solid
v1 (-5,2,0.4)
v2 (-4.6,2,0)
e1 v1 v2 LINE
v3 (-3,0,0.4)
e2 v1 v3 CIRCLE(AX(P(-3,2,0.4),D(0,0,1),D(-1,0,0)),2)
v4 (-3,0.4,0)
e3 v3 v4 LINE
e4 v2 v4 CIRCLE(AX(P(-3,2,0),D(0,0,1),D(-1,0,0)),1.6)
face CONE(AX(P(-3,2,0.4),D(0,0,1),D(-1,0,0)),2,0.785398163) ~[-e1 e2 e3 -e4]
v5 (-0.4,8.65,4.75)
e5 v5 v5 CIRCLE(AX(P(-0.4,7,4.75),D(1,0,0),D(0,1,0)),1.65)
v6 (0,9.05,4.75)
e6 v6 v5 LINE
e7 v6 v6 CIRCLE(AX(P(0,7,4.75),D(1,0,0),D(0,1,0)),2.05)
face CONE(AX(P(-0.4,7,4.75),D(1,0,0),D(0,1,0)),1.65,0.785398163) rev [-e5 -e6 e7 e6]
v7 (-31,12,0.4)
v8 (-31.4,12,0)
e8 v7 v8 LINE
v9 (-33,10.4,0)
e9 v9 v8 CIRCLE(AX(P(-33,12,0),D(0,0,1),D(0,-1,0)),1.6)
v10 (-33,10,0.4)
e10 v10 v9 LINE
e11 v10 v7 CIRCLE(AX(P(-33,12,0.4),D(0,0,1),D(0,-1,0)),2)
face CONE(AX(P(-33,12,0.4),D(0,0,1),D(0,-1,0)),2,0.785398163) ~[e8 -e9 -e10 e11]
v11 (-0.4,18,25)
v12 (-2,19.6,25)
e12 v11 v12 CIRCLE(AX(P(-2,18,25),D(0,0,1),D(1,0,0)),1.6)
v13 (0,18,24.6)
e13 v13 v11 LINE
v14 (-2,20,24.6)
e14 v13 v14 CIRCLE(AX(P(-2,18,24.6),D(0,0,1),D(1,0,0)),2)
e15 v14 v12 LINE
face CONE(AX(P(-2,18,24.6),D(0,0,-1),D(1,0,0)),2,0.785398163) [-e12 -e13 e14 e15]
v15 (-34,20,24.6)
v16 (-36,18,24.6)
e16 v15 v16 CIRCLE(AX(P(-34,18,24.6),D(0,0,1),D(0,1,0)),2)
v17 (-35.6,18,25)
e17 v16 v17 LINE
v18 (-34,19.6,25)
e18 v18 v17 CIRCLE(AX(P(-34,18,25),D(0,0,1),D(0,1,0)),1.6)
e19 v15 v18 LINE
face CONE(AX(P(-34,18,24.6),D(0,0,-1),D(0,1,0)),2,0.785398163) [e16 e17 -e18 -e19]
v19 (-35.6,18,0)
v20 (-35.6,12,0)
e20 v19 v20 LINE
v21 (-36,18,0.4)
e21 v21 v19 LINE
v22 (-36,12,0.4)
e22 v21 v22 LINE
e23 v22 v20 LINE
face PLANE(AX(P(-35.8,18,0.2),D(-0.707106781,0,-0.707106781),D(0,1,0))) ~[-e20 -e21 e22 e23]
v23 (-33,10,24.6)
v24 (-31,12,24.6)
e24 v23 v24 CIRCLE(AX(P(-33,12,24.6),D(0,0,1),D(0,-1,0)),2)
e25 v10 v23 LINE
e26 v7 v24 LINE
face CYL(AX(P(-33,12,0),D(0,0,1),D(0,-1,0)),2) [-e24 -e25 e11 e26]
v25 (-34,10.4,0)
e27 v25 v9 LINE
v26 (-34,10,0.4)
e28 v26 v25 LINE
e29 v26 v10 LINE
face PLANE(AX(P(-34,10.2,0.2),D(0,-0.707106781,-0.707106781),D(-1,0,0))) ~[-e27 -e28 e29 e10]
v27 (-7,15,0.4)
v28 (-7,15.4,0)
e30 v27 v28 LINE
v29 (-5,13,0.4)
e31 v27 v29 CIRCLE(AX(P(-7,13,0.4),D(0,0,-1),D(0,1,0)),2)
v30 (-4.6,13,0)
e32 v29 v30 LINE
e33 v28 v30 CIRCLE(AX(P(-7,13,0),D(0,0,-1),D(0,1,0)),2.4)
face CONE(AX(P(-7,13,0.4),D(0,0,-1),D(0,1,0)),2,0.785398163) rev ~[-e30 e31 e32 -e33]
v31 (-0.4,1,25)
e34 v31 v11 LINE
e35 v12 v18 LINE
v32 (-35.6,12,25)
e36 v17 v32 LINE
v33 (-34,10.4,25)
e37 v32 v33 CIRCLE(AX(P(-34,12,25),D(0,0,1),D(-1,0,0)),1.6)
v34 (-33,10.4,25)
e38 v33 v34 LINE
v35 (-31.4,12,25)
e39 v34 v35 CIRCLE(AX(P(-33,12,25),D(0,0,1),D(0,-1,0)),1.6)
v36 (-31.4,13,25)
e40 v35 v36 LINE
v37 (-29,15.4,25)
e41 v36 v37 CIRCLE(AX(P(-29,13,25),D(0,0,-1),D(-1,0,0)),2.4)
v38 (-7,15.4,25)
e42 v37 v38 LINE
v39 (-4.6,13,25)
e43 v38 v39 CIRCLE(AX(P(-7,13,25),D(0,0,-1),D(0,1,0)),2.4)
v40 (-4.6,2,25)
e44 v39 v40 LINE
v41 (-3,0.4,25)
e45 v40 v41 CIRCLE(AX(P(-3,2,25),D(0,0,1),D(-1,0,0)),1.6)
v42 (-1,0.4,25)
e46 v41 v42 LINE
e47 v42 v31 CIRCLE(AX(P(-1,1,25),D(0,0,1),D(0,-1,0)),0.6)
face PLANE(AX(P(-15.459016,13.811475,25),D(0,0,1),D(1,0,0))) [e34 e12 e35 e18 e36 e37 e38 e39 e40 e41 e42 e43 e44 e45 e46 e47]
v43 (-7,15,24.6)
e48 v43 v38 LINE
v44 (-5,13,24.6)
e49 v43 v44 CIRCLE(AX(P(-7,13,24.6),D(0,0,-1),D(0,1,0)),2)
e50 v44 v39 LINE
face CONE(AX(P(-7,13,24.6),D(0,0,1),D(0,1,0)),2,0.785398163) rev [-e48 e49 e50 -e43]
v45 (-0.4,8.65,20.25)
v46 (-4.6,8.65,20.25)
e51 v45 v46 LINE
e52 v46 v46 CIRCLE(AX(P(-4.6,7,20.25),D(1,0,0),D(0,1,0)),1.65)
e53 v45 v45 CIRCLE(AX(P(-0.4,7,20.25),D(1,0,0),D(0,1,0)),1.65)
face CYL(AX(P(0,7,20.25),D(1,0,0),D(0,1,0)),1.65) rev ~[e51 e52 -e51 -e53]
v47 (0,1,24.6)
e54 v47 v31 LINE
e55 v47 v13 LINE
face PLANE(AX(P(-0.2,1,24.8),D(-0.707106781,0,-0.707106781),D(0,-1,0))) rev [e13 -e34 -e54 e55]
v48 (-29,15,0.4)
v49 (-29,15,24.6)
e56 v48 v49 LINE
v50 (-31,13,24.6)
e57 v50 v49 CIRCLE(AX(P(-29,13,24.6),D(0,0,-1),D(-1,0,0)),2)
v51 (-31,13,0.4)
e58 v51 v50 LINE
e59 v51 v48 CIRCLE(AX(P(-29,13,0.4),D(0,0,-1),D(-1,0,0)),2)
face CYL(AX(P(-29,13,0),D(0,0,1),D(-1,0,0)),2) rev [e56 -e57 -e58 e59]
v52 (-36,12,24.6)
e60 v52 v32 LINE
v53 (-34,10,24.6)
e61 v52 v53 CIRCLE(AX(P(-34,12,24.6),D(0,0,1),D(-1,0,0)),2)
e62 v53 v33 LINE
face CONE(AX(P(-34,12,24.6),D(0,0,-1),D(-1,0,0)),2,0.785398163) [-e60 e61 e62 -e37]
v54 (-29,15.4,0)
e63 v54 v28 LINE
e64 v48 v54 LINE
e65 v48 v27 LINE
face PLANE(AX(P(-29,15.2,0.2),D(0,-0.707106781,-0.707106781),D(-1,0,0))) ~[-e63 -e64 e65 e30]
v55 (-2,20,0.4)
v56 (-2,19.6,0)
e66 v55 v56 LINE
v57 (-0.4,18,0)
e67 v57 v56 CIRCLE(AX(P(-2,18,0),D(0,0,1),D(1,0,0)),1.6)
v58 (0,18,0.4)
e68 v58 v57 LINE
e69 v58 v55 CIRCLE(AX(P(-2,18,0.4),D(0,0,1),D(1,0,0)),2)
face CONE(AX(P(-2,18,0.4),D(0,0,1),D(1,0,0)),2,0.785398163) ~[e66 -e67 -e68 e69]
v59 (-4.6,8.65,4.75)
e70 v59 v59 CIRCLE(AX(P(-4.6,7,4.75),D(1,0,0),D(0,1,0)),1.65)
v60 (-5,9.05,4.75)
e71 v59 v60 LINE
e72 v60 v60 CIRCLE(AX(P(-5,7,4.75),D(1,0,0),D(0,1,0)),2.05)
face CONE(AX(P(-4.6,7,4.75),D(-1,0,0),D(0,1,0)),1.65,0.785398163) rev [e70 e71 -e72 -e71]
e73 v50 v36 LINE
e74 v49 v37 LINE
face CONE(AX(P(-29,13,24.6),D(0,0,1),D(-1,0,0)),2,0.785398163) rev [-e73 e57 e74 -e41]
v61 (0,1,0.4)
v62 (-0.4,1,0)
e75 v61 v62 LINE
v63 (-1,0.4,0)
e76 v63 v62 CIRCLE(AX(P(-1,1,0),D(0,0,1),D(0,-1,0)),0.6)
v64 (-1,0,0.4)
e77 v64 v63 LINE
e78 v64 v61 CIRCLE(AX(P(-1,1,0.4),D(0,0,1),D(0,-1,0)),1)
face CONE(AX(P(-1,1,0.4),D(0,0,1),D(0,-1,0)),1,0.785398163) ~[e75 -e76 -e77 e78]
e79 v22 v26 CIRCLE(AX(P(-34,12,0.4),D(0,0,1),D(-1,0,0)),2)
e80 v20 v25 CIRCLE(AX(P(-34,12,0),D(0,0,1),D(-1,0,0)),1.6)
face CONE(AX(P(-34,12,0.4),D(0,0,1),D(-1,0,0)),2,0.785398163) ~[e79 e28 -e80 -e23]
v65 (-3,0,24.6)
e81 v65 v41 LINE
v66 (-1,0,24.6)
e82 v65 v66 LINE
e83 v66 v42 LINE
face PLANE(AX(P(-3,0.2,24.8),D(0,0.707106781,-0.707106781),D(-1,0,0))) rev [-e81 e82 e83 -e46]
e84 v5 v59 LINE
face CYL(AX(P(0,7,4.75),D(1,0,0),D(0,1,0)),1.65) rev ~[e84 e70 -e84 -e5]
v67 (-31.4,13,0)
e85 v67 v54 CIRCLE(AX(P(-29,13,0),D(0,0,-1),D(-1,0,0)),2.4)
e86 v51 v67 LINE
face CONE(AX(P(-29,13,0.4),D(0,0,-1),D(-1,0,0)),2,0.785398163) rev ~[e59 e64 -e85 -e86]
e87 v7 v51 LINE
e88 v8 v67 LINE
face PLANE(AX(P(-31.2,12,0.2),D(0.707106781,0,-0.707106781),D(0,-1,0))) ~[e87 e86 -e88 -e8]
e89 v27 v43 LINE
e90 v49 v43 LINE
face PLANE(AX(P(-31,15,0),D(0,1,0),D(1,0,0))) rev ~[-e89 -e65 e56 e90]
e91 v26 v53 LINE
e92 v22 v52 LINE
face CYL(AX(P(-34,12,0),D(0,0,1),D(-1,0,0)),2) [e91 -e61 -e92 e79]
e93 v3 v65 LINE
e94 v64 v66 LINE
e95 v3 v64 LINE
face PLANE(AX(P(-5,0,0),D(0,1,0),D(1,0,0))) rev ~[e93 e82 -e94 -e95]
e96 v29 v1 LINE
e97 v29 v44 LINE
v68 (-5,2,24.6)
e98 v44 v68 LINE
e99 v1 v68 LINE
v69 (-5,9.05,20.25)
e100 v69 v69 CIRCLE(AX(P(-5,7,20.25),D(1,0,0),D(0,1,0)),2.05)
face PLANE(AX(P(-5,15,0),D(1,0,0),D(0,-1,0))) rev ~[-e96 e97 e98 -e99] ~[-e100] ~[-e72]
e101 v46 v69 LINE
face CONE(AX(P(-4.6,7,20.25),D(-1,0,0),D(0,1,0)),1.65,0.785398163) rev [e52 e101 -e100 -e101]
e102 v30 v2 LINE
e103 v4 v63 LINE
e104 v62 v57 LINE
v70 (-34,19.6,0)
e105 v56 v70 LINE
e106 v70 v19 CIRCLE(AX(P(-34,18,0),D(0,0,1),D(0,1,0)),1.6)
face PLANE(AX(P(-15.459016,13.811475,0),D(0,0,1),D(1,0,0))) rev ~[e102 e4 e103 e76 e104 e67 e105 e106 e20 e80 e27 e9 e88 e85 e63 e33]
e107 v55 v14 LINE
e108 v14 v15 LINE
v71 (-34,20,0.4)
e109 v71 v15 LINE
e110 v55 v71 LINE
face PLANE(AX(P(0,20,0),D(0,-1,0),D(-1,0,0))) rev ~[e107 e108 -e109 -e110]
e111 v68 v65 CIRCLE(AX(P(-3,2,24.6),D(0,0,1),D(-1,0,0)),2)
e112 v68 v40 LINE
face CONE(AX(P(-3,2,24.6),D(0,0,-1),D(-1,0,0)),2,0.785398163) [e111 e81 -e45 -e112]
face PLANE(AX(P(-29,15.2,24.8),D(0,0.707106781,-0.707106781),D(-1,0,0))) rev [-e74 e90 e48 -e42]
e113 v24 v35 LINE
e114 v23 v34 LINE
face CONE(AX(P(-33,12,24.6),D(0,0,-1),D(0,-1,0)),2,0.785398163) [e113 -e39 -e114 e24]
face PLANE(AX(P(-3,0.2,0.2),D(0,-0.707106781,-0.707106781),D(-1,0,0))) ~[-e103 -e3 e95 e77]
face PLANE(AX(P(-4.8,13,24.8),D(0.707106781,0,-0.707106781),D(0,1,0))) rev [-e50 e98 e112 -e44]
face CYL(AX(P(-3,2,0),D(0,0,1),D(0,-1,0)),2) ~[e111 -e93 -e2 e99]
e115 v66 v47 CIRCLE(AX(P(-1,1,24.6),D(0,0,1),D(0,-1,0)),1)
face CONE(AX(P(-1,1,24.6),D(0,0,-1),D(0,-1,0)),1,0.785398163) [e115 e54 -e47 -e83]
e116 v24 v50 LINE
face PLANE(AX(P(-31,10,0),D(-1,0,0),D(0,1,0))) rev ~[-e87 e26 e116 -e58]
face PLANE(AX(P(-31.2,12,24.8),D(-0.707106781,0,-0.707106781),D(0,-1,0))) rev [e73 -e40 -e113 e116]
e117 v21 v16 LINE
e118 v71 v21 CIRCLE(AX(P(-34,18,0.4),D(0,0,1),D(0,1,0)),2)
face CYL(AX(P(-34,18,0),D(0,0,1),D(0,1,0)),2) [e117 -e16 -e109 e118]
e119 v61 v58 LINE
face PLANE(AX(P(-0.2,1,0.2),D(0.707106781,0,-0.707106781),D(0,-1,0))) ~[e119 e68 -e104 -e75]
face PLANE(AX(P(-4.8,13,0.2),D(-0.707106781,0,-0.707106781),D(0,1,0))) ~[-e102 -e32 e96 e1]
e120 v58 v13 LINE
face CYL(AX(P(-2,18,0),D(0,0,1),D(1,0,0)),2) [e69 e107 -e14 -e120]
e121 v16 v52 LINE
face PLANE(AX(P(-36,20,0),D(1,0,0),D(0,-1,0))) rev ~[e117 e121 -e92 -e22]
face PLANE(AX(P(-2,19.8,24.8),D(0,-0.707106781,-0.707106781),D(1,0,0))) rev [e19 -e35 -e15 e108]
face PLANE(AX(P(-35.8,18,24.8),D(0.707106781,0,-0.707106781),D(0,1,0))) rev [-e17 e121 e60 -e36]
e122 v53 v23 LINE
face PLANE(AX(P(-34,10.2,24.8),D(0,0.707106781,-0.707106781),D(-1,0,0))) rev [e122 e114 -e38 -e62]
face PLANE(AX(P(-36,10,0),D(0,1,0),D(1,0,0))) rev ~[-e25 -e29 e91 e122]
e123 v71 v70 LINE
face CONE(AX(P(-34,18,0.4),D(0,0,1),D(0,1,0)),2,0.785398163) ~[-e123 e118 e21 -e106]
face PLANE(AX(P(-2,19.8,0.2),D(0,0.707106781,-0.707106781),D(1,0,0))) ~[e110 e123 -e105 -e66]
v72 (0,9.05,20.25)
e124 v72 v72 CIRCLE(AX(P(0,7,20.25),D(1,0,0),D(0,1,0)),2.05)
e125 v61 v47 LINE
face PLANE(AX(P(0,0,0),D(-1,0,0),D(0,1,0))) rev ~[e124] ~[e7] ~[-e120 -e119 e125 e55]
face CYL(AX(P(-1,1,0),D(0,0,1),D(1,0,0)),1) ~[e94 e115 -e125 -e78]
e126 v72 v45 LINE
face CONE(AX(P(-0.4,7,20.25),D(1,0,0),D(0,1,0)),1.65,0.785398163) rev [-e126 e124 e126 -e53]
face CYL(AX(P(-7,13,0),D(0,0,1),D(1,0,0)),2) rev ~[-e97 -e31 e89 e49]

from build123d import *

# Parameters (mm, degrees)
PAD009_DEPTH       = 25
SKETCH036_R        = 1.65
POCKET025_DEPTH    = 36.001
FILLET009_R        = 2
FILLET010_R        = 1
CHAMFER011008_SIZE = 0.4


with BuildPart() as part:
    # Sketch035 → Pad009 (new body)
    with BuildSketch(Plane.XY):
        Polygon((0, 0), (0, 20), (-36, 20), (-36, 10), (-31, 10), (-31, 15), (-5, 15), (-5, 0), align=None)
    extrude(amount=PAD009_DEPTH)

    # Sketch036 (on Face1 of Pad009) → Pocket025 (cut, through all)
    with BuildSketch(Plane.YZ):
        with Locations((7, 4.75)):
            Circle(SKETCH036_R)
        with Locations((7, 20.25)):
            Circle(SKETCH036_R)
    extrude(amount=-POCKET025_DEPTH, mode=Mode.SUBTRACT)

    # Fillet009
    fillet009_edges = [part.edges().sort_by_distance(p)[0] for p in [
        (-5, 15, 12.5),
        (0, 20, 12.5),
        (-5, 0, 12.5),
        (-36, 20, 12.5),
        (-36, 10, 12.5),
        (-31, 10, 12.5),
        (-31, 15, 12.5),
    ]]
    fillet(fillet009_edges, radius=FILLET009_R)

    # Fillet010
    fillet010_edges = [part.edges().sort_by_distance(p)[0] for p in [
        (0, 0, 12.5),
    ]]
    fillet(fillet010_edges, radius=FILLET010_R)

    # Chamfer011008
    chamfer011008_edges = [part.edges().sort_by_distance(p)[0] for p in [
        (0, 9.5, 0),
        (-0.292893, 0.292893, 0),
        (-0.585786, 19.414214, 0),
        (-2, 0, 0),
        (-18, 20, 0),
        (-4.414214, 0.585786, 0),
        (-35.414214, 19.414214, 0),
        (-5, 7.5, 0),
        (-36, 15, 0),
        (-5.585786, 14.414214, 0),
        (-35.414214, 10.585786, 0),
        (-18, 15, 0),
        (-33.5, 10, 0),
        (-30.414214, 14.414214, 0),
        (-31.585786, 10.585786, 0),
        (-31, 12.5, 0),
        (0, 5.35, 20.25),
        (0, 5.35, 4.75),
        (-5, 5.35, 4.75),
        (-5, 5.35, 20.25),
        (0, 9.5, 25),
        (-0.292893, 0.292893, 25),
        (-0.585786, 19.414214, 25),
        (-2, 0, 25),
        (-18, 20, 25),
        (-4.414214, 0.585786, 25),
        (-35.414214, 19.414214, 25),
        (-5, 7.5, 25),
        (-36, 15, 25),
        (-5.585786, 14.414214, 25),
        (-35.414214, 10.585786, 25),
        (-18, 15, 25),
        (-33.5, 10, 25),
        (-30.414214, 14.414214, 25),
        (-31.585786, 10.585786, 25),
        (-31, 12.5, 25),
    ]]
    chamfer(chamfer011008_edges, length=CHAMFER011008_SIZE)


solid = part.part
